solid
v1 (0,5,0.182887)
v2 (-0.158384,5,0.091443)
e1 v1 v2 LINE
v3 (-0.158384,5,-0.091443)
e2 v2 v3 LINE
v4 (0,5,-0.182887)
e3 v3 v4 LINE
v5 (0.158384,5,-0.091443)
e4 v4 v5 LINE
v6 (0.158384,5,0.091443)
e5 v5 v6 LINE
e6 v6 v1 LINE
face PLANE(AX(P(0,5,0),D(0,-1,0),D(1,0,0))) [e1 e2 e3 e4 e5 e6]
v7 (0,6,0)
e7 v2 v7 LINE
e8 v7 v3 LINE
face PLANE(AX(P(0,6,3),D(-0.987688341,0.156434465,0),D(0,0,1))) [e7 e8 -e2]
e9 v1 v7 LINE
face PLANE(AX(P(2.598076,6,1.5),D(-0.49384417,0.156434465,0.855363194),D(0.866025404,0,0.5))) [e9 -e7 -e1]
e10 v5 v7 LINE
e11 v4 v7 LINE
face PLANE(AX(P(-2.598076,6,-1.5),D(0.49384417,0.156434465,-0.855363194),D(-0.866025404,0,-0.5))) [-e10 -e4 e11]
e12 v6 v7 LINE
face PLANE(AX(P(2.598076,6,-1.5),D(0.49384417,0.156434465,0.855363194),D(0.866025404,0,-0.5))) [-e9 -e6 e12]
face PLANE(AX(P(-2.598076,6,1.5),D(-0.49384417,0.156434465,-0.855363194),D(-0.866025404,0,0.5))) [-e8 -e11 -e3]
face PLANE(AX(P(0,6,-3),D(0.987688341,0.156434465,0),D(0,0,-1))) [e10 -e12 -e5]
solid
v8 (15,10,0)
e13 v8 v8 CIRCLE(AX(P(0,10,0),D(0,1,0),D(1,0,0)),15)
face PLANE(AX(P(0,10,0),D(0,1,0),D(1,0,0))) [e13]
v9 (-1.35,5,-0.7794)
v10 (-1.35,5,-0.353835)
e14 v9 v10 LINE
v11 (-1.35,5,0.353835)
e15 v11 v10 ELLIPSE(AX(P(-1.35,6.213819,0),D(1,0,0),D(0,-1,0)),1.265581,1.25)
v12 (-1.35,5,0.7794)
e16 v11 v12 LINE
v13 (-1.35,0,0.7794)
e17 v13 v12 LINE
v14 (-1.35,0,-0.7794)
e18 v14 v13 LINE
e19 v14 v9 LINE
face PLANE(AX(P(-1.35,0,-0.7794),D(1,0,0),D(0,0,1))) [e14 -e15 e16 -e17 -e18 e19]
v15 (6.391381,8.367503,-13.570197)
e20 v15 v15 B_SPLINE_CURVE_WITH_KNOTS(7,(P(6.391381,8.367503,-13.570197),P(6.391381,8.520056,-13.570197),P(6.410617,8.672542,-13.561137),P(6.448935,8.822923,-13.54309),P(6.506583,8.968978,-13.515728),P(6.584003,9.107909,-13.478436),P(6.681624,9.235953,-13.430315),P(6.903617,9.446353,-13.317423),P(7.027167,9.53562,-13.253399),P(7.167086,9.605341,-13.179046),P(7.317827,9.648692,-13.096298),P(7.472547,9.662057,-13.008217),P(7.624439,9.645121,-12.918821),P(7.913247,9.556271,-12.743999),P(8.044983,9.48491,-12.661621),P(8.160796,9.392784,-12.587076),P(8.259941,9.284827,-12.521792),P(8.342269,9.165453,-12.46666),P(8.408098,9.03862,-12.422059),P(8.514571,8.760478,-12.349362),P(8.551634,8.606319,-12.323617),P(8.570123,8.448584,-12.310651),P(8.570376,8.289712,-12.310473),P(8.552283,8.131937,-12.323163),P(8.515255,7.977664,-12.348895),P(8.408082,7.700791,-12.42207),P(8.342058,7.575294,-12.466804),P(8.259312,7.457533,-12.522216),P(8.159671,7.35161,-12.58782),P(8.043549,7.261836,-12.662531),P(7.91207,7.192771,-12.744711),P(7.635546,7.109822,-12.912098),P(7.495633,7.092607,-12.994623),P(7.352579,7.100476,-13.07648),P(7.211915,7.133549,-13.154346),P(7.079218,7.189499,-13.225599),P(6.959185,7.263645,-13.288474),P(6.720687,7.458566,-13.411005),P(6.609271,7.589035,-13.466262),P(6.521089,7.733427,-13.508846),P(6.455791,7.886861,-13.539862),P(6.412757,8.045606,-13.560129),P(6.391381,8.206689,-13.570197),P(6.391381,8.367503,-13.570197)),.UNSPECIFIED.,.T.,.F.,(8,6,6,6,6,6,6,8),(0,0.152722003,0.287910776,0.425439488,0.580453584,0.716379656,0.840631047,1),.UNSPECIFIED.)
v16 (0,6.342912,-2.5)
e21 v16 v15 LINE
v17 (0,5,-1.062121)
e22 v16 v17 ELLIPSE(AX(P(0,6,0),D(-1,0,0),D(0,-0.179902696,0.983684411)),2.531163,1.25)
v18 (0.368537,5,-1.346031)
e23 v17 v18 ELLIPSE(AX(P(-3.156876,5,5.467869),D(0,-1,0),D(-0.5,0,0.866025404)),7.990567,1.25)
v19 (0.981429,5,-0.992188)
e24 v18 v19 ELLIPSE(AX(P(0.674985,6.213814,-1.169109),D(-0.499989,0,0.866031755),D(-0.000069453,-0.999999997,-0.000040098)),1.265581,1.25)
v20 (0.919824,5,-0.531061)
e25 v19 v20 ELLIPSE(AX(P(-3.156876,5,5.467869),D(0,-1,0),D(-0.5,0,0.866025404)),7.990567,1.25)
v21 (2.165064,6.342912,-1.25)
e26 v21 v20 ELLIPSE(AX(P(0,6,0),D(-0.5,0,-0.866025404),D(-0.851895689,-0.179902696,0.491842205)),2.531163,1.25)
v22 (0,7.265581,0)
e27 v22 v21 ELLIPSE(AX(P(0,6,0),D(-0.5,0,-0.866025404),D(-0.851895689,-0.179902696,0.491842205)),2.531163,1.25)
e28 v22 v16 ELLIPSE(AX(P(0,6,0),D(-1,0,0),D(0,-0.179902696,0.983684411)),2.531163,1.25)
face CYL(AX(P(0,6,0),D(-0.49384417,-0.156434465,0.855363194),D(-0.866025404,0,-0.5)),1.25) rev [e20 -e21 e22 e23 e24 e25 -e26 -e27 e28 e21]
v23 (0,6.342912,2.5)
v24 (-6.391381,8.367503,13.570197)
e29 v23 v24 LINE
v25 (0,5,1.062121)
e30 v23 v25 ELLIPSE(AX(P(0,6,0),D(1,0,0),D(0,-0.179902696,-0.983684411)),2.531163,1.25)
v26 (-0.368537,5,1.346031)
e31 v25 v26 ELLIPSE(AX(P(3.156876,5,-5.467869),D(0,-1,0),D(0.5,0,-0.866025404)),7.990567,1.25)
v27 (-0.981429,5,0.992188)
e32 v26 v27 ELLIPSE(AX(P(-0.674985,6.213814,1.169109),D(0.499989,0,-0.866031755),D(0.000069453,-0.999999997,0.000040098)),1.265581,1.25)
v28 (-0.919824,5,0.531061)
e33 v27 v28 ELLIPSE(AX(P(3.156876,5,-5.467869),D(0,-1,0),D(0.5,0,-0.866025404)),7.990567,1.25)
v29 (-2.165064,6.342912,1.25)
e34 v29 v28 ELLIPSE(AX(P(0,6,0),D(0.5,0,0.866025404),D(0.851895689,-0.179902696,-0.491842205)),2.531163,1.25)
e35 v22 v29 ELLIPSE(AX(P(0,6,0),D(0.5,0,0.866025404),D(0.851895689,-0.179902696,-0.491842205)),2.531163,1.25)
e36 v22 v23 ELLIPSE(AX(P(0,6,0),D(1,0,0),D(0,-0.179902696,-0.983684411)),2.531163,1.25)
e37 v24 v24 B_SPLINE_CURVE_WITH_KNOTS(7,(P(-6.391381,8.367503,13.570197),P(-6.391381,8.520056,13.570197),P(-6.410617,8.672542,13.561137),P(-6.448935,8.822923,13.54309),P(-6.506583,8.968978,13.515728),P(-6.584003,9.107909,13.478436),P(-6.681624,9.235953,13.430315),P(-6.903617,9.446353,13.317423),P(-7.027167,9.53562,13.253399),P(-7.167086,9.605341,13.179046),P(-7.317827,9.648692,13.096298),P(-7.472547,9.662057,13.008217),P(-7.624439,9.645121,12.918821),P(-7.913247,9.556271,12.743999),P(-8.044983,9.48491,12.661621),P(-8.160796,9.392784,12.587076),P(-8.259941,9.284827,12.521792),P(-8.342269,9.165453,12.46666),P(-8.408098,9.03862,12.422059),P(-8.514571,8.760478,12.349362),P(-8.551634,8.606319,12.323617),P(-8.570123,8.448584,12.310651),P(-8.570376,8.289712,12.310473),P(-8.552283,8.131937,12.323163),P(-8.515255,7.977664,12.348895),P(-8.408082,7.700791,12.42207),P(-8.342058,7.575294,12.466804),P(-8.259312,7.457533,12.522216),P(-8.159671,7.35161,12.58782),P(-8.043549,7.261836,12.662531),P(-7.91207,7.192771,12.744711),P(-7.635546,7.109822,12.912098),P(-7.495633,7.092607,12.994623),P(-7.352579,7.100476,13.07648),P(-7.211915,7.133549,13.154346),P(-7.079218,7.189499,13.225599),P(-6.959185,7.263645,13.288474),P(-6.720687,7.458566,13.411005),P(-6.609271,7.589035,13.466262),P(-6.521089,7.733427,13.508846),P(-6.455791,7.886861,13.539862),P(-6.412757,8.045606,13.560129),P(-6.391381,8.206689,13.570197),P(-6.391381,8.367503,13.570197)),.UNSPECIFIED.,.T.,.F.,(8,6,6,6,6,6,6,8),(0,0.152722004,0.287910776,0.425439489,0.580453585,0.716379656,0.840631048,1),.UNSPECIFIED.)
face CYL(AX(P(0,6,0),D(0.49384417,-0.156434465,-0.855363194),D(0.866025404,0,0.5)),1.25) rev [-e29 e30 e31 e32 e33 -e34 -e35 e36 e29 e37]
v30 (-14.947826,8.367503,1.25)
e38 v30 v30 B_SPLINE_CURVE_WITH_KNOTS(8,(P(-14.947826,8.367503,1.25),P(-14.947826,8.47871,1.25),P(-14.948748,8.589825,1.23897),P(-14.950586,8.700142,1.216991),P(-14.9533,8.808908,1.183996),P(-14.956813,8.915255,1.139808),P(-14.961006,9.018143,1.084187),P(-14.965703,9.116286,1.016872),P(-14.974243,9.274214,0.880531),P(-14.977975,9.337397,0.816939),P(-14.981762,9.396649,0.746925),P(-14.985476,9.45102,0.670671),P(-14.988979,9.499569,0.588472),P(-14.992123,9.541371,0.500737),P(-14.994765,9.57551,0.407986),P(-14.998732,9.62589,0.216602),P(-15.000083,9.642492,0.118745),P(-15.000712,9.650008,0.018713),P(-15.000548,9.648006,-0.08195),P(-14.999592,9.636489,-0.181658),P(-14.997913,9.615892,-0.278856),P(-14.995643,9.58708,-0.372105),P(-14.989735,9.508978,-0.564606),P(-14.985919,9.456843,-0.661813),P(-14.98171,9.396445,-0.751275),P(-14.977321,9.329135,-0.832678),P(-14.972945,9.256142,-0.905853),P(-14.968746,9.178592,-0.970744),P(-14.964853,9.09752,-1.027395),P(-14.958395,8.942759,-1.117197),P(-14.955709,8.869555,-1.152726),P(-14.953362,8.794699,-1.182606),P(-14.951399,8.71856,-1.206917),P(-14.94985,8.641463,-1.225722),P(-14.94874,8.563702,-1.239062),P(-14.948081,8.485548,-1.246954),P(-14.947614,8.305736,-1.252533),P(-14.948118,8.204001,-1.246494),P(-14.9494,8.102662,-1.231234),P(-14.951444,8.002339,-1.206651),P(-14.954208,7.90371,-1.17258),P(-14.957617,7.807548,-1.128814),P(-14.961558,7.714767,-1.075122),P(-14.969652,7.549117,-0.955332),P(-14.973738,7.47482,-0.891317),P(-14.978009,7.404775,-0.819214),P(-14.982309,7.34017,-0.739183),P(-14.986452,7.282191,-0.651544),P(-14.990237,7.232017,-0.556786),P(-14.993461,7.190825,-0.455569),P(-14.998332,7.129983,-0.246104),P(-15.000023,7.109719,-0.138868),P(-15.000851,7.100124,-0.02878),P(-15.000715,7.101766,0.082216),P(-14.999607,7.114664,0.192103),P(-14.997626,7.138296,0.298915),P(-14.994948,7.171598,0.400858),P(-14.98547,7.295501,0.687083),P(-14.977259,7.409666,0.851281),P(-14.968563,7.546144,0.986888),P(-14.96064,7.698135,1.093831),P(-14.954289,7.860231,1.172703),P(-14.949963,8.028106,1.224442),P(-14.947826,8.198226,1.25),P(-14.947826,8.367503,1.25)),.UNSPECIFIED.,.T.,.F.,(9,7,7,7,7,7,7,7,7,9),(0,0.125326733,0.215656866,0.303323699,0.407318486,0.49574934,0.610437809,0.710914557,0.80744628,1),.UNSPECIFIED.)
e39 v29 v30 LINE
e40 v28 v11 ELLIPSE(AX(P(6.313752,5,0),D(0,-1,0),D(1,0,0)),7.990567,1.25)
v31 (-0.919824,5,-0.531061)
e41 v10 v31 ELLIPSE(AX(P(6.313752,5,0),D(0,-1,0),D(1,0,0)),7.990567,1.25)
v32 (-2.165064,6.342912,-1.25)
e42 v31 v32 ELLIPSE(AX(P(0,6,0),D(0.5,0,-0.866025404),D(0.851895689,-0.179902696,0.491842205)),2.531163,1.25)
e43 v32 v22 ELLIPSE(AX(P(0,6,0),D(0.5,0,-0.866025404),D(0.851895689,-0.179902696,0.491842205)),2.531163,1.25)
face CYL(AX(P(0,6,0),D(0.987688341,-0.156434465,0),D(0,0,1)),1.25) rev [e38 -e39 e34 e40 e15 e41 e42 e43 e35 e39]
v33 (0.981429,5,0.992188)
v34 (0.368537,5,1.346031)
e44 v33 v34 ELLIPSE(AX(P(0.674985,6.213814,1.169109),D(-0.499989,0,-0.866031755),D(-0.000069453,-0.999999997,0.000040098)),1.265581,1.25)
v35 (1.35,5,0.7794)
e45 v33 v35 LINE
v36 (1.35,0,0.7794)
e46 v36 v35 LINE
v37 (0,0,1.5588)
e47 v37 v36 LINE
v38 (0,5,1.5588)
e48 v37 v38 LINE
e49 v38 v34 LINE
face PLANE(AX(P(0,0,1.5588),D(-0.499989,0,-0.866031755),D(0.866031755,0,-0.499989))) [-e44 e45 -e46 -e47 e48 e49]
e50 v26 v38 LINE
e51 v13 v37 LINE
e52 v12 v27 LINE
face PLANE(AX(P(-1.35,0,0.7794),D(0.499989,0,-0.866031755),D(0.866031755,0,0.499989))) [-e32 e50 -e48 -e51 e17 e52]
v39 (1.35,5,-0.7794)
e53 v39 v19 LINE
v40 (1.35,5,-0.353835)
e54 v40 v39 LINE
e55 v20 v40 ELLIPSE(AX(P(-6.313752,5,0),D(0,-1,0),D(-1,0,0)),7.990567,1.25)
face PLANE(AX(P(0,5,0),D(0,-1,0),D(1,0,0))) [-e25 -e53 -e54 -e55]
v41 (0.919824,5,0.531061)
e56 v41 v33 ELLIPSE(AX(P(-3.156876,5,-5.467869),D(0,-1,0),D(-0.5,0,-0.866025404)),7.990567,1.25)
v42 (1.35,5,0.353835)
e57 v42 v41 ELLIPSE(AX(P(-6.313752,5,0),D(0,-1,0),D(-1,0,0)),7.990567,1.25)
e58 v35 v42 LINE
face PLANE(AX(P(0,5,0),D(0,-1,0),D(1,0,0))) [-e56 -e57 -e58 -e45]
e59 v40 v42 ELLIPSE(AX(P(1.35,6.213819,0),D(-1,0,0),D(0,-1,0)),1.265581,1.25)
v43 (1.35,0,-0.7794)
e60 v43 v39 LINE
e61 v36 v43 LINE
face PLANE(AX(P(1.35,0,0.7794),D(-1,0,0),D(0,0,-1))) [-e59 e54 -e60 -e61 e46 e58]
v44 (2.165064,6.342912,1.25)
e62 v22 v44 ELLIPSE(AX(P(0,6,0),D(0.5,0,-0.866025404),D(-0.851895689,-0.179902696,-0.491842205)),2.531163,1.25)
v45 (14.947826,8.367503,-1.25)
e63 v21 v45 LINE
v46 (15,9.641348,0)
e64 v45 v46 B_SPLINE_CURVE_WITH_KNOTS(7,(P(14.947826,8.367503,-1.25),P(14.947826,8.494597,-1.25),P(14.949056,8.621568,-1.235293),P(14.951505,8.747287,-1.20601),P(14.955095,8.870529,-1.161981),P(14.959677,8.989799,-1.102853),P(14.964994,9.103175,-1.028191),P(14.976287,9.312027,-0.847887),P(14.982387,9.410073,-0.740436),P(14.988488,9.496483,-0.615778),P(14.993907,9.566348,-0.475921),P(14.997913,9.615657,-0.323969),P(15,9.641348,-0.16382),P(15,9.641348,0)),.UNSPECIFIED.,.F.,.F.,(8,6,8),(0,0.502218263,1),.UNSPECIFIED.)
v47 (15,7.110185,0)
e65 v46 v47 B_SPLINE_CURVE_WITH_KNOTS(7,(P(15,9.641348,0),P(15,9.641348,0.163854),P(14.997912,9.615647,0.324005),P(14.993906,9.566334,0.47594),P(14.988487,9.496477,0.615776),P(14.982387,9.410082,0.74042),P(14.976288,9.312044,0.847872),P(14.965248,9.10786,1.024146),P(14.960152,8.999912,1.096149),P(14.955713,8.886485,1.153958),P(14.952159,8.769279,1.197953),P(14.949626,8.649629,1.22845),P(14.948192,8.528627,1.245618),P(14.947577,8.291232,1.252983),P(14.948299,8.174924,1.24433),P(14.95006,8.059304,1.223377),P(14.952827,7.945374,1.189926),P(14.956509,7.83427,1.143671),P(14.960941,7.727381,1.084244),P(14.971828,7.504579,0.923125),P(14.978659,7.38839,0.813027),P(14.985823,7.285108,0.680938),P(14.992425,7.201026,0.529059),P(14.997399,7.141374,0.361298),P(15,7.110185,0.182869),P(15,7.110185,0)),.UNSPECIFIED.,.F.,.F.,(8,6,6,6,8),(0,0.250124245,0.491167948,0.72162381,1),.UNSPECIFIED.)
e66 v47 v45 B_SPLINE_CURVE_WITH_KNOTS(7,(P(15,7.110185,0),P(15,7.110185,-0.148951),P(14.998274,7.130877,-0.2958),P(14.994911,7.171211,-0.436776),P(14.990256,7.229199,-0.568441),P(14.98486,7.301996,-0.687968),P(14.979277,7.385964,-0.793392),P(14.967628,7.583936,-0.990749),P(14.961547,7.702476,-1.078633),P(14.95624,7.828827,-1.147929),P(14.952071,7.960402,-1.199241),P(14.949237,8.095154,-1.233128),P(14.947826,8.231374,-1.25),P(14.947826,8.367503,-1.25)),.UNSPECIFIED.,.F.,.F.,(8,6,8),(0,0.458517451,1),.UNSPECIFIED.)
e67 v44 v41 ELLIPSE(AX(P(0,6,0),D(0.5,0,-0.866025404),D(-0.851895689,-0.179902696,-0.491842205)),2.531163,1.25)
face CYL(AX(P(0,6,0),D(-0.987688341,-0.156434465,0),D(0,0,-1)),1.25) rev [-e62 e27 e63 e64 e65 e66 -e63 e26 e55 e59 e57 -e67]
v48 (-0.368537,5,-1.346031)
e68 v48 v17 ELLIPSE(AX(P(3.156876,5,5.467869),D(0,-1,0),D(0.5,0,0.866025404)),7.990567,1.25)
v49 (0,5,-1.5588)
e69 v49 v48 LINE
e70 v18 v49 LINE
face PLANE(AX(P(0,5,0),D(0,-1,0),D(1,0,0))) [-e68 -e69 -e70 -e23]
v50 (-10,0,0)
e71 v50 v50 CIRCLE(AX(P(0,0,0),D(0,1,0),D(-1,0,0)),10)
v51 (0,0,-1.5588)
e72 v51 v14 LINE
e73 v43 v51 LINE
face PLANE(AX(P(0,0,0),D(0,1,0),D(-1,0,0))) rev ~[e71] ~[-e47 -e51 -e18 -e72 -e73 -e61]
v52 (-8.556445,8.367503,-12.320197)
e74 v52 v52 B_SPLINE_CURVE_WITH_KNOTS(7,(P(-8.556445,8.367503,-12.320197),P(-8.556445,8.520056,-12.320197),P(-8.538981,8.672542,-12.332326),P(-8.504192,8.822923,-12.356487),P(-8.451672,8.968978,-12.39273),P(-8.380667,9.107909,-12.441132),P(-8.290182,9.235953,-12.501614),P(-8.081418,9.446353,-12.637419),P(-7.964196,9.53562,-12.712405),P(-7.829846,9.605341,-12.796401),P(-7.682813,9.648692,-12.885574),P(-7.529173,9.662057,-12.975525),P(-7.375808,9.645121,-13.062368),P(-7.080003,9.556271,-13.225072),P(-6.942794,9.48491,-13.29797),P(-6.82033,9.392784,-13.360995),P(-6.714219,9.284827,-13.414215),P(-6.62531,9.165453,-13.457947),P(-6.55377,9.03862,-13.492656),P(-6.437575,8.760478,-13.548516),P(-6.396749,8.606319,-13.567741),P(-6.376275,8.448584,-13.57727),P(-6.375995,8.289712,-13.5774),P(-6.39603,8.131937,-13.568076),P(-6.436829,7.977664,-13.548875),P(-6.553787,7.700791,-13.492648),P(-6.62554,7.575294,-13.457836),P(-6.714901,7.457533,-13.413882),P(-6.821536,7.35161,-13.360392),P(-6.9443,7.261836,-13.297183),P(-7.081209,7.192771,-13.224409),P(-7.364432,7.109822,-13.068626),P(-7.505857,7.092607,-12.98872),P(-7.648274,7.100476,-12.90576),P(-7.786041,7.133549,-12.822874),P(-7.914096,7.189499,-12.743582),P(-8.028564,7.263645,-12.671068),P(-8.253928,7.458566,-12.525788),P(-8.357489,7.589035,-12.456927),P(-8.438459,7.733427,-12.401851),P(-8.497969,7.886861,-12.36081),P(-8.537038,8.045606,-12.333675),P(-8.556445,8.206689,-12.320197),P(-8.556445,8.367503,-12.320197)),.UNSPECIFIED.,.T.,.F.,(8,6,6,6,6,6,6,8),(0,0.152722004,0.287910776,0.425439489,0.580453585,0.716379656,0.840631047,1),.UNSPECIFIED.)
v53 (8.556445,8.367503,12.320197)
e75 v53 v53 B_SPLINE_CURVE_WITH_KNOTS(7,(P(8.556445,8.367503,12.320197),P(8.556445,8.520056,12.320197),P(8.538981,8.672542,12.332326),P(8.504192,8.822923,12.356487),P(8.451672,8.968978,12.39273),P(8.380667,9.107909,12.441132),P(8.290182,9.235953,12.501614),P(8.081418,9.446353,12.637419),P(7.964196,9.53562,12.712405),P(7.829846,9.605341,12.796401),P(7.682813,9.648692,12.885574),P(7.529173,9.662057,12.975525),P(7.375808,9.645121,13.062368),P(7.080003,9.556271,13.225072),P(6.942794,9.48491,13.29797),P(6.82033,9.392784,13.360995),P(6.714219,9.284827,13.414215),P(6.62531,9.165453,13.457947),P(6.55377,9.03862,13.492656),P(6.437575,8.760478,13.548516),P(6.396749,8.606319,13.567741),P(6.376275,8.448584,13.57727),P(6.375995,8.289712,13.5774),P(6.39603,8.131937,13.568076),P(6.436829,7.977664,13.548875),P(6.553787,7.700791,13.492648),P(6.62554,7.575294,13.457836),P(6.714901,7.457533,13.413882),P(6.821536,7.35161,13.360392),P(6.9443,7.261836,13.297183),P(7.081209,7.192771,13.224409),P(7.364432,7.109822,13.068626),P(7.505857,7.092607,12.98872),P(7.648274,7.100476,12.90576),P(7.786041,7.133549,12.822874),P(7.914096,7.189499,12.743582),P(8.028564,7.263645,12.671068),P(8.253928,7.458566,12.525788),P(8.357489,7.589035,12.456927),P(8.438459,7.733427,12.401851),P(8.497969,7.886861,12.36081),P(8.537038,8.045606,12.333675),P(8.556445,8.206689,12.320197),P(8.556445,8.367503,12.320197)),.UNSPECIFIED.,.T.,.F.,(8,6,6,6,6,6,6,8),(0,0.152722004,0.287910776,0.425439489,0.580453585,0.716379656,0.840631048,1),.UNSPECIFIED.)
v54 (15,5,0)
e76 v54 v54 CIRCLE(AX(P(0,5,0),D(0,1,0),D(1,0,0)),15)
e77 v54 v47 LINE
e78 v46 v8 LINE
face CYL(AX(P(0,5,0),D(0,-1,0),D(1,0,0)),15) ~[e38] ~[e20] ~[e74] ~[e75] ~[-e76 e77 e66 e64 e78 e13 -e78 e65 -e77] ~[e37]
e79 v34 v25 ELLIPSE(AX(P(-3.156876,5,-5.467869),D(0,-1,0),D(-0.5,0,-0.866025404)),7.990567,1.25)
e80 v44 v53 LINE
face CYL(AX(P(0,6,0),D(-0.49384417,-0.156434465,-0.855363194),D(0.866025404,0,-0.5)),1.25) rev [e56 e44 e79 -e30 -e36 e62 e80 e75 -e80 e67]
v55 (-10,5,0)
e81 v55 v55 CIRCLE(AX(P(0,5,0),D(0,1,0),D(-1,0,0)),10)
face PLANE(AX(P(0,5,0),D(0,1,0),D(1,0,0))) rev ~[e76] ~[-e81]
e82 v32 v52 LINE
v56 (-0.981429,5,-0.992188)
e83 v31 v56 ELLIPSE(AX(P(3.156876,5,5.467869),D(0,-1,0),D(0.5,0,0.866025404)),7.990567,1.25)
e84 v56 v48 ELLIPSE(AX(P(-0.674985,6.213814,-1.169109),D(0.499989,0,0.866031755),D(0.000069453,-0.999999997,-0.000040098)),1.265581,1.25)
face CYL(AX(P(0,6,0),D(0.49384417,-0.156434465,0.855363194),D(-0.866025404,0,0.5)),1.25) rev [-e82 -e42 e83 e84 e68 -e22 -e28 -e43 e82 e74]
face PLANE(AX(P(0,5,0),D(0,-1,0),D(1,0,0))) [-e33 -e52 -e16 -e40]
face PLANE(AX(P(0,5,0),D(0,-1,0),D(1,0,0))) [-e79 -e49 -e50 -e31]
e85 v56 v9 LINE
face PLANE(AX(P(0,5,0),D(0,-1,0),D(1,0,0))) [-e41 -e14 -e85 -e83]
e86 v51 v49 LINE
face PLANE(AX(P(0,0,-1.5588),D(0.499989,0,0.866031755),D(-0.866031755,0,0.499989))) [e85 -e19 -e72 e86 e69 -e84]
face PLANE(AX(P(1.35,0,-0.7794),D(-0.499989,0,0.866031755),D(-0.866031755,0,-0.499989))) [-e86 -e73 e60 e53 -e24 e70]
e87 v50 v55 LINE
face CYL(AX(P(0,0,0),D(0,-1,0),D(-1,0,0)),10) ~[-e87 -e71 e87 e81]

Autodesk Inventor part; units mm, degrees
ref_plane "YZ Plane" through (0, 0, 0) normal (1, 0, 0) x (0, 1, 0)
ref_plane "XZ Plane" through (0, 0, 0) normal (0, 1, 0) x (-1, 0, 0)
sketch "スケッチ1" plane through (0, 0, 0) normal (0, 1, 0) x (-1, 0, 0)
  circle A0 centre (0, 0) radius 10
  dimension "d0" = 20
extrude "押し出し1" add sketch "スケッチ1" along normal blind 5
sketch "スケッチ2" plane through (0, 5, 0) normal (0, 1, 0) x (1, 0, 0)
  circle A0 centre (0, 0) radius 15
  dimension "dia_rod_base" = 30
extrude "押し出し2" add sketch "スケッチ2" along normal blind 5
sketch "スケッチ5" plane through (0, 0, 0) normal (0, -1, 0) x (1, 0, 0)
  line L0 (0, 1.5588) -> (1.35, 0.7794)
  line L1 (1.35, 0.7794) -> (1.35, -0.7794)
  line L2 (1.35, -0.7794) -> (0, -1.5588)
  line L3 (0, -1.5588) -> (-1.35, -0.7794)
  line L4 (-1.35, -0.7794) -> (-1.35, 0.7794)
  line L5 (-1.35, 0.7794) -> (0, 1.5588)
  point P0 (0, 0)
  point P1 (0, 0)
  dimension "d14" = 2.7
extrude "押し出し3" cut sketch "スケッチ5" against normal blind 5
ref_plane "作業平面1" through (0, 0, 3) normal (0, 0, 1) x (1, 0, 0)
sketch "スケッチ10" plane through (0, 0, 3) normal (0, 0, 1) x (1, 0, 0)
  line L0 (15, 10) -> (-15, 10) projected
  line L1 (15, 10) -> (-15, 10) projected
  line L2 (15, 5) -> (-15.5269, 7.0351)
  line L3 (15, 5) -> (15, 10) projected
  line L4 (15, 5) -> (-15.5269, 7.0351)
  point P0 (0, 0)
  point P1 (0, 6)
  point P2 (0, 10)
  point P3 (-0.2635, 6.0176)
  dimension "d30" = 15
  dimension "d37" = 4
ref_plane "作業平面2" through (0, 6, 3) normal (-0.9877, 0.1564, 0) x (0, 0, 1)
sketch "スケッチ11" plane through (0, 6, 3) normal (-0.9877, 0.1564, 0) x (0, 0, 1)
  circle A0 centre (-3, 0) radius 1.25
  line L0 (-18, -0.9877) -> (-18, 3.9508) projected
  line L1 (12, -0.9877) -> (12, 3.9508) projected
  line L2 (-24, 0) -> (18, 0) projected
  point P0 (-3, -5.9261)
  dimension "d32" = 2.5
  dimension "d33" = 15
extrude "押し出し6" cut sketch "スケッチ11" along normal through all
pattern_circular "円形状パターン2" count 6 over 360 about axis through (0, 5, 0) along (0, 1, 0) of "押し出し6"
equation "\"d30\" = 0.5 * dia_rod_base"
properties part number "exp_tire_6rod_upper_rev0"
